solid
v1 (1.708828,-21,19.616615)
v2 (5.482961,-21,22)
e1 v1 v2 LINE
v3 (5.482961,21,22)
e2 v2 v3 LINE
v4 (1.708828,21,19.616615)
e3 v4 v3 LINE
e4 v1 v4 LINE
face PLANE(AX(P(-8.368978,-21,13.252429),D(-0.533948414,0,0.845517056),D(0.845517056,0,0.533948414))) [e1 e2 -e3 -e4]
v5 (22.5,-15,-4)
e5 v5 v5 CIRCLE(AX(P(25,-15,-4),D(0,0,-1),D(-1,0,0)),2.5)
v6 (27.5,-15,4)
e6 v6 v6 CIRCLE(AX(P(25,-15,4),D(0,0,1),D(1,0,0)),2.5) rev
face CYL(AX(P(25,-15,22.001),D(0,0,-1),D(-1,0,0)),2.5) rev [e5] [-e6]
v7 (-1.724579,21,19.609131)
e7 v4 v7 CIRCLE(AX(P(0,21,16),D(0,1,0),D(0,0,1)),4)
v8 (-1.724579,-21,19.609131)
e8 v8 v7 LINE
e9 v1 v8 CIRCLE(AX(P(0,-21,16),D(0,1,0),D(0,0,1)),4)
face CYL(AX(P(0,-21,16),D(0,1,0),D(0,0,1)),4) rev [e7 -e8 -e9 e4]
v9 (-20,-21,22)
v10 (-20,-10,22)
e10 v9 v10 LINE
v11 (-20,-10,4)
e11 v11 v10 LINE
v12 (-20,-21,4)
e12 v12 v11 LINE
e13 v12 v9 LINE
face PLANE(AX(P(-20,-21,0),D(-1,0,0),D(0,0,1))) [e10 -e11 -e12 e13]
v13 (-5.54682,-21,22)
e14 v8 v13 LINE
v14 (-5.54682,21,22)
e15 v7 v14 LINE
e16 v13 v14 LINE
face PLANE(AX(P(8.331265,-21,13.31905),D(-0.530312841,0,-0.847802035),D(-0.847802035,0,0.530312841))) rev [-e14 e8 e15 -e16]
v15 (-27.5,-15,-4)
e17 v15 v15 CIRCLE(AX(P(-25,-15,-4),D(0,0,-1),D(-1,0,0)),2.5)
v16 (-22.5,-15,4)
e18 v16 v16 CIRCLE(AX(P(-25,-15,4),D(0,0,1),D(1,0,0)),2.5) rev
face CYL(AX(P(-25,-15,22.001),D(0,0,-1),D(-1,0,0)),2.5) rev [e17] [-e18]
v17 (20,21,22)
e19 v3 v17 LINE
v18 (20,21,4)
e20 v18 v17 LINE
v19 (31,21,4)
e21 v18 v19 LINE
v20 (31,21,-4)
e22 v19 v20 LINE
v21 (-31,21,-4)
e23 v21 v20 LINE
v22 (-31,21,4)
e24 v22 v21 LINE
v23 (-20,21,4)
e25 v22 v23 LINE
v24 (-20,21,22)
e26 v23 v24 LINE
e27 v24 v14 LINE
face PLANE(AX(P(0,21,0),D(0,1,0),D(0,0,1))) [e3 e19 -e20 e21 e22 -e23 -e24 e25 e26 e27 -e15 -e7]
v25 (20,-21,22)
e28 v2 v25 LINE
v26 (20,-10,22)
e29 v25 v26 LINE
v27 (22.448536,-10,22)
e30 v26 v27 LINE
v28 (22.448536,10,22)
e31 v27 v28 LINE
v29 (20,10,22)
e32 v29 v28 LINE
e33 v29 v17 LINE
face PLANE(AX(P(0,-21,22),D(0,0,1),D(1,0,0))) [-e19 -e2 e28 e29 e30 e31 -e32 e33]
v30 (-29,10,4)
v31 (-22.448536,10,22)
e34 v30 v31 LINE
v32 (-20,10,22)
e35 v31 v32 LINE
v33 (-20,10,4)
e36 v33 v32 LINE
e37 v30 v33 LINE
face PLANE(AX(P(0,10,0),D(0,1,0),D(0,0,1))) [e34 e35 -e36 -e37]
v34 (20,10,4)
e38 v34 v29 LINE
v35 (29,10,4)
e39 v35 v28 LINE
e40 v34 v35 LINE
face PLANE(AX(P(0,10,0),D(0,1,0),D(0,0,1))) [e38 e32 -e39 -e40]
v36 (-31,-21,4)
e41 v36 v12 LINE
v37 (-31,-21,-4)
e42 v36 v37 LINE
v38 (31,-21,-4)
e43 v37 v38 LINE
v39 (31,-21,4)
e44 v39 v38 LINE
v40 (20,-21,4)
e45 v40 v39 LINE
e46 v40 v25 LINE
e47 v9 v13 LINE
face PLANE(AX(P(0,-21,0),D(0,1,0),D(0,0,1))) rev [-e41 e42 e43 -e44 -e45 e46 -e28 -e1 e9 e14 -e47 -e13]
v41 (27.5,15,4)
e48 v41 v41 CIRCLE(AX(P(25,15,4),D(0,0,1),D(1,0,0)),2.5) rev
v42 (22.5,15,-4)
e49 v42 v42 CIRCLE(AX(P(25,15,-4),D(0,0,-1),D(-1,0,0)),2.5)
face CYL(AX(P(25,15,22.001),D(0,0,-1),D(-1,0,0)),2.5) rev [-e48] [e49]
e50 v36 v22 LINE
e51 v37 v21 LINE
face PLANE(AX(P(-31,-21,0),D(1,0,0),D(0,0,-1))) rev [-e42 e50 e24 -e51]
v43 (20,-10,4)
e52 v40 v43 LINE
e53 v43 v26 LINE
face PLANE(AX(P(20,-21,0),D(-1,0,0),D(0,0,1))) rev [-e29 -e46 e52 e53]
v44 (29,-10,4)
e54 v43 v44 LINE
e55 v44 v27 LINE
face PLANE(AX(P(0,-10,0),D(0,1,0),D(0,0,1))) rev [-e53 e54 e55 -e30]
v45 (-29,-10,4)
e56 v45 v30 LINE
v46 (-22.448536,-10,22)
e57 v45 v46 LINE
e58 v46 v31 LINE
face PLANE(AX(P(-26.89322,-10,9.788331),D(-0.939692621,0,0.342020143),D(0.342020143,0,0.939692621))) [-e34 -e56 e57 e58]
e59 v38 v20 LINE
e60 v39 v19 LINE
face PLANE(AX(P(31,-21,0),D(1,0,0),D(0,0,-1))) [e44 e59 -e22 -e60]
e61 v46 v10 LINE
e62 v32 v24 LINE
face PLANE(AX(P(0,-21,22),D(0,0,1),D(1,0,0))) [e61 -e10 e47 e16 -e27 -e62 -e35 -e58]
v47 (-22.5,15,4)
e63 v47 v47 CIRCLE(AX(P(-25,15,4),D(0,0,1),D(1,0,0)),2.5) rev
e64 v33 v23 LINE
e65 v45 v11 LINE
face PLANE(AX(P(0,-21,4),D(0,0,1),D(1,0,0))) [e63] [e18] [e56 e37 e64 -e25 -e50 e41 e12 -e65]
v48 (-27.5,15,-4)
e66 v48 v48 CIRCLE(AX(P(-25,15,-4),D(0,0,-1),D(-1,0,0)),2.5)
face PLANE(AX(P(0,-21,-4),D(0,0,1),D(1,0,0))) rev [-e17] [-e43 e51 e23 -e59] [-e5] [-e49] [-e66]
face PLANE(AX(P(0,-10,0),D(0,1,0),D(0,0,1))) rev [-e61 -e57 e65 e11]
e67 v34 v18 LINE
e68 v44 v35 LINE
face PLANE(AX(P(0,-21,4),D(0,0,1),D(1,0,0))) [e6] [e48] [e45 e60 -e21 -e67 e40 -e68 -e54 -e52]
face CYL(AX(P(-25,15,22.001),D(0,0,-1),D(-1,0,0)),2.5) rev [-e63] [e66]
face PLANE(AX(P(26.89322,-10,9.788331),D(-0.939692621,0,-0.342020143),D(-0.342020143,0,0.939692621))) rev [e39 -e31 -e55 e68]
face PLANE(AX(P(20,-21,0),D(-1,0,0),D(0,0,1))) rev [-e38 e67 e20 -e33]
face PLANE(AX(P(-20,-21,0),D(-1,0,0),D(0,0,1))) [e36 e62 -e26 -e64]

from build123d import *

# Parameters (mm, degrees)
EXTRUDE1_DEPTH        = 21
EXTRUDE1_DEPTH_BACK   = 21
EXTRUDE2_DEPTH        = 10
EXTRUDE2_DEPTH_BACK   = 10
CORTAR_EXTRUIR1_REACH = 47.585
CROQUIS1_R            = 2.5


with BuildPart() as part:
    # Sketch1 → Extrude1 (new, two sides: drawn at the far end of the back side and taken through both)
    with BuildSketch(Plane(origin=(0, 0, 0), x_dir=(1, 0, 0), z_dir=(0, 1, 0)).offset(-EXTRUDE1_DEPTH_BACK)):
        with BuildLine():
            Line((20, -22), (20, -4))
            Line((20, -4), (29, -4))
            Line((29, -4), (31, -4))
            Line((31, -4), (31, 4))
            Line((31, 4), (-31, 4))
            Line((-31, 4), (-31, -4))
            Line((-31, -4), (-29, -4))
            Line((-29, -4), (-20, -4))
            Line((-20, -4), (-20, -22))
            Line((-20, -22), (-5.546820257, -22))
            Line((-5.546820257, -22), (-1.724579107, -19.609131046))
            ThreePointArc((-1.724579107, -19.609131046), (0.008719361, -12.000009503), (1.708828096, -19.616615343))
            Line((1.708828096, -19.616615343), (5.482961188, -22))
            Line((5.482961188, -22), (20, -22))
        make_face()
    extrude(amount=EXTRUDE1_DEPTH + EXTRUDE1_DEPTH_BACK)

    # Sketch1<8> → Extrude2 (add, two sides: drawn at the far end of the back side and taken through both)
    with BuildSketch(Plane(origin=(0, 0, 0), x_dir=(1, 0, 0), z_dir=(0, 1, 0)).offset(-EXTRUDE2_DEPTH_BACK)):
        Polygon((29, -4), (20, -4), (20, -22), (22.448535783, -22), align=None)
        Polygon((-20, -4), (-29, -4), (-22.448535783, -22), (-20, -22), align=None)
    extrude(amount=EXTRUDE2_DEPTH + EXTRUDE2_DEPTH_BACK)

    # Croquis1 → Cortar-Extruir1 (cut, up to next)
    with BuildSketch(Plane(origin=(0, 0, -4), x_dir=(-1, 0, 0), z_dir=(0, 0, -1)), mode=Mode.PRIVATE) as cortar_extruir1_sk1:
        with Locations((-25, 15)):
            Circle(CROQUIS1_R)
    cortar_extruir1_tool1 = extrude(cortar_extruir1_sk1.sketch, amount=-CORTAR_EXTRUIR1_REACH, mode=Mode.PRIVATE) & part.part
    # Croquis1 → Cortar-Extruir1 (cut, up to next)
    with BuildSketch(Plane(origin=(0, 0, -4), x_dir=(-1, 0, 0), z_dir=(0, 0, -1)), mode=Mode.PRIVATE) as cortar_extruir1_sk2:
        with Locations((25, 15)):
            Circle(CROQUIS1_R)
    cortar_extruir1_tool2 = extrude(cortar_extruir1_sk2.sketch, amount=-CORTAR_EXTRUIR1_REACH, mode=Mode.PRIVATE) & part.part
    # Croquis1 → Cortar-Extruir1 (cut, up to next)
    with BuildSketch(Plane(origin=(0, 0, -4), x_dir=(-1, 0, 0), z_dir=(0, 0, -1)), mode=Mode.PRIVATE) as cortar_extruir1_sk3:
        with Locations((-25, -15)):
            Circle(CROQUIS1_R)
    cortar_extruir1_tool3 = extrude(cortar_extruir1_sk3.sketch, amount=-CORTAR_EXTRUIR1_REACH, mode=Mode.PRIVATE) & part.part
    # Croquis1 → Cortar-Extruir1 (cut, up to next)
    with BuildSketch(Plane(origin=(0, 0, -4), x_dir=(-1, 0, 0), z_dir=(0, 0, -1)), mode=Mode.PRIVATE) as cortar_extruir1_sk4:
        with Locations((25, -15)):
            Circle(CROQUIS1_R)
    cortar_extruir1_tool4 = extrude(cortar_extruir1_sk4.sketch, amount=-CORTAR_EXTRUIR1_REACH, mode=Mode.PRIVATE) & part.part
    add(cortar_extruir1_tool1.solids().sort_by_distance((25, 15, -4))[0], mode=Mode.SUBTRACT)
    add(cortar_extruir1_tool2.solids().sort_by_distance((-25, 15, -4))[0], mode=Mode.SUBTRACT)
    add(cortar_extruir1_tool3.solids().sort_by_distance((25, -15, -4))[0], mode=Mode.SUBTRACT)
    add(cortar_extruir1_tool4.solids().sort_by_distance((-25, -15, -4))[0], mode=Mode.SUBTRACT)


solid = part.part
